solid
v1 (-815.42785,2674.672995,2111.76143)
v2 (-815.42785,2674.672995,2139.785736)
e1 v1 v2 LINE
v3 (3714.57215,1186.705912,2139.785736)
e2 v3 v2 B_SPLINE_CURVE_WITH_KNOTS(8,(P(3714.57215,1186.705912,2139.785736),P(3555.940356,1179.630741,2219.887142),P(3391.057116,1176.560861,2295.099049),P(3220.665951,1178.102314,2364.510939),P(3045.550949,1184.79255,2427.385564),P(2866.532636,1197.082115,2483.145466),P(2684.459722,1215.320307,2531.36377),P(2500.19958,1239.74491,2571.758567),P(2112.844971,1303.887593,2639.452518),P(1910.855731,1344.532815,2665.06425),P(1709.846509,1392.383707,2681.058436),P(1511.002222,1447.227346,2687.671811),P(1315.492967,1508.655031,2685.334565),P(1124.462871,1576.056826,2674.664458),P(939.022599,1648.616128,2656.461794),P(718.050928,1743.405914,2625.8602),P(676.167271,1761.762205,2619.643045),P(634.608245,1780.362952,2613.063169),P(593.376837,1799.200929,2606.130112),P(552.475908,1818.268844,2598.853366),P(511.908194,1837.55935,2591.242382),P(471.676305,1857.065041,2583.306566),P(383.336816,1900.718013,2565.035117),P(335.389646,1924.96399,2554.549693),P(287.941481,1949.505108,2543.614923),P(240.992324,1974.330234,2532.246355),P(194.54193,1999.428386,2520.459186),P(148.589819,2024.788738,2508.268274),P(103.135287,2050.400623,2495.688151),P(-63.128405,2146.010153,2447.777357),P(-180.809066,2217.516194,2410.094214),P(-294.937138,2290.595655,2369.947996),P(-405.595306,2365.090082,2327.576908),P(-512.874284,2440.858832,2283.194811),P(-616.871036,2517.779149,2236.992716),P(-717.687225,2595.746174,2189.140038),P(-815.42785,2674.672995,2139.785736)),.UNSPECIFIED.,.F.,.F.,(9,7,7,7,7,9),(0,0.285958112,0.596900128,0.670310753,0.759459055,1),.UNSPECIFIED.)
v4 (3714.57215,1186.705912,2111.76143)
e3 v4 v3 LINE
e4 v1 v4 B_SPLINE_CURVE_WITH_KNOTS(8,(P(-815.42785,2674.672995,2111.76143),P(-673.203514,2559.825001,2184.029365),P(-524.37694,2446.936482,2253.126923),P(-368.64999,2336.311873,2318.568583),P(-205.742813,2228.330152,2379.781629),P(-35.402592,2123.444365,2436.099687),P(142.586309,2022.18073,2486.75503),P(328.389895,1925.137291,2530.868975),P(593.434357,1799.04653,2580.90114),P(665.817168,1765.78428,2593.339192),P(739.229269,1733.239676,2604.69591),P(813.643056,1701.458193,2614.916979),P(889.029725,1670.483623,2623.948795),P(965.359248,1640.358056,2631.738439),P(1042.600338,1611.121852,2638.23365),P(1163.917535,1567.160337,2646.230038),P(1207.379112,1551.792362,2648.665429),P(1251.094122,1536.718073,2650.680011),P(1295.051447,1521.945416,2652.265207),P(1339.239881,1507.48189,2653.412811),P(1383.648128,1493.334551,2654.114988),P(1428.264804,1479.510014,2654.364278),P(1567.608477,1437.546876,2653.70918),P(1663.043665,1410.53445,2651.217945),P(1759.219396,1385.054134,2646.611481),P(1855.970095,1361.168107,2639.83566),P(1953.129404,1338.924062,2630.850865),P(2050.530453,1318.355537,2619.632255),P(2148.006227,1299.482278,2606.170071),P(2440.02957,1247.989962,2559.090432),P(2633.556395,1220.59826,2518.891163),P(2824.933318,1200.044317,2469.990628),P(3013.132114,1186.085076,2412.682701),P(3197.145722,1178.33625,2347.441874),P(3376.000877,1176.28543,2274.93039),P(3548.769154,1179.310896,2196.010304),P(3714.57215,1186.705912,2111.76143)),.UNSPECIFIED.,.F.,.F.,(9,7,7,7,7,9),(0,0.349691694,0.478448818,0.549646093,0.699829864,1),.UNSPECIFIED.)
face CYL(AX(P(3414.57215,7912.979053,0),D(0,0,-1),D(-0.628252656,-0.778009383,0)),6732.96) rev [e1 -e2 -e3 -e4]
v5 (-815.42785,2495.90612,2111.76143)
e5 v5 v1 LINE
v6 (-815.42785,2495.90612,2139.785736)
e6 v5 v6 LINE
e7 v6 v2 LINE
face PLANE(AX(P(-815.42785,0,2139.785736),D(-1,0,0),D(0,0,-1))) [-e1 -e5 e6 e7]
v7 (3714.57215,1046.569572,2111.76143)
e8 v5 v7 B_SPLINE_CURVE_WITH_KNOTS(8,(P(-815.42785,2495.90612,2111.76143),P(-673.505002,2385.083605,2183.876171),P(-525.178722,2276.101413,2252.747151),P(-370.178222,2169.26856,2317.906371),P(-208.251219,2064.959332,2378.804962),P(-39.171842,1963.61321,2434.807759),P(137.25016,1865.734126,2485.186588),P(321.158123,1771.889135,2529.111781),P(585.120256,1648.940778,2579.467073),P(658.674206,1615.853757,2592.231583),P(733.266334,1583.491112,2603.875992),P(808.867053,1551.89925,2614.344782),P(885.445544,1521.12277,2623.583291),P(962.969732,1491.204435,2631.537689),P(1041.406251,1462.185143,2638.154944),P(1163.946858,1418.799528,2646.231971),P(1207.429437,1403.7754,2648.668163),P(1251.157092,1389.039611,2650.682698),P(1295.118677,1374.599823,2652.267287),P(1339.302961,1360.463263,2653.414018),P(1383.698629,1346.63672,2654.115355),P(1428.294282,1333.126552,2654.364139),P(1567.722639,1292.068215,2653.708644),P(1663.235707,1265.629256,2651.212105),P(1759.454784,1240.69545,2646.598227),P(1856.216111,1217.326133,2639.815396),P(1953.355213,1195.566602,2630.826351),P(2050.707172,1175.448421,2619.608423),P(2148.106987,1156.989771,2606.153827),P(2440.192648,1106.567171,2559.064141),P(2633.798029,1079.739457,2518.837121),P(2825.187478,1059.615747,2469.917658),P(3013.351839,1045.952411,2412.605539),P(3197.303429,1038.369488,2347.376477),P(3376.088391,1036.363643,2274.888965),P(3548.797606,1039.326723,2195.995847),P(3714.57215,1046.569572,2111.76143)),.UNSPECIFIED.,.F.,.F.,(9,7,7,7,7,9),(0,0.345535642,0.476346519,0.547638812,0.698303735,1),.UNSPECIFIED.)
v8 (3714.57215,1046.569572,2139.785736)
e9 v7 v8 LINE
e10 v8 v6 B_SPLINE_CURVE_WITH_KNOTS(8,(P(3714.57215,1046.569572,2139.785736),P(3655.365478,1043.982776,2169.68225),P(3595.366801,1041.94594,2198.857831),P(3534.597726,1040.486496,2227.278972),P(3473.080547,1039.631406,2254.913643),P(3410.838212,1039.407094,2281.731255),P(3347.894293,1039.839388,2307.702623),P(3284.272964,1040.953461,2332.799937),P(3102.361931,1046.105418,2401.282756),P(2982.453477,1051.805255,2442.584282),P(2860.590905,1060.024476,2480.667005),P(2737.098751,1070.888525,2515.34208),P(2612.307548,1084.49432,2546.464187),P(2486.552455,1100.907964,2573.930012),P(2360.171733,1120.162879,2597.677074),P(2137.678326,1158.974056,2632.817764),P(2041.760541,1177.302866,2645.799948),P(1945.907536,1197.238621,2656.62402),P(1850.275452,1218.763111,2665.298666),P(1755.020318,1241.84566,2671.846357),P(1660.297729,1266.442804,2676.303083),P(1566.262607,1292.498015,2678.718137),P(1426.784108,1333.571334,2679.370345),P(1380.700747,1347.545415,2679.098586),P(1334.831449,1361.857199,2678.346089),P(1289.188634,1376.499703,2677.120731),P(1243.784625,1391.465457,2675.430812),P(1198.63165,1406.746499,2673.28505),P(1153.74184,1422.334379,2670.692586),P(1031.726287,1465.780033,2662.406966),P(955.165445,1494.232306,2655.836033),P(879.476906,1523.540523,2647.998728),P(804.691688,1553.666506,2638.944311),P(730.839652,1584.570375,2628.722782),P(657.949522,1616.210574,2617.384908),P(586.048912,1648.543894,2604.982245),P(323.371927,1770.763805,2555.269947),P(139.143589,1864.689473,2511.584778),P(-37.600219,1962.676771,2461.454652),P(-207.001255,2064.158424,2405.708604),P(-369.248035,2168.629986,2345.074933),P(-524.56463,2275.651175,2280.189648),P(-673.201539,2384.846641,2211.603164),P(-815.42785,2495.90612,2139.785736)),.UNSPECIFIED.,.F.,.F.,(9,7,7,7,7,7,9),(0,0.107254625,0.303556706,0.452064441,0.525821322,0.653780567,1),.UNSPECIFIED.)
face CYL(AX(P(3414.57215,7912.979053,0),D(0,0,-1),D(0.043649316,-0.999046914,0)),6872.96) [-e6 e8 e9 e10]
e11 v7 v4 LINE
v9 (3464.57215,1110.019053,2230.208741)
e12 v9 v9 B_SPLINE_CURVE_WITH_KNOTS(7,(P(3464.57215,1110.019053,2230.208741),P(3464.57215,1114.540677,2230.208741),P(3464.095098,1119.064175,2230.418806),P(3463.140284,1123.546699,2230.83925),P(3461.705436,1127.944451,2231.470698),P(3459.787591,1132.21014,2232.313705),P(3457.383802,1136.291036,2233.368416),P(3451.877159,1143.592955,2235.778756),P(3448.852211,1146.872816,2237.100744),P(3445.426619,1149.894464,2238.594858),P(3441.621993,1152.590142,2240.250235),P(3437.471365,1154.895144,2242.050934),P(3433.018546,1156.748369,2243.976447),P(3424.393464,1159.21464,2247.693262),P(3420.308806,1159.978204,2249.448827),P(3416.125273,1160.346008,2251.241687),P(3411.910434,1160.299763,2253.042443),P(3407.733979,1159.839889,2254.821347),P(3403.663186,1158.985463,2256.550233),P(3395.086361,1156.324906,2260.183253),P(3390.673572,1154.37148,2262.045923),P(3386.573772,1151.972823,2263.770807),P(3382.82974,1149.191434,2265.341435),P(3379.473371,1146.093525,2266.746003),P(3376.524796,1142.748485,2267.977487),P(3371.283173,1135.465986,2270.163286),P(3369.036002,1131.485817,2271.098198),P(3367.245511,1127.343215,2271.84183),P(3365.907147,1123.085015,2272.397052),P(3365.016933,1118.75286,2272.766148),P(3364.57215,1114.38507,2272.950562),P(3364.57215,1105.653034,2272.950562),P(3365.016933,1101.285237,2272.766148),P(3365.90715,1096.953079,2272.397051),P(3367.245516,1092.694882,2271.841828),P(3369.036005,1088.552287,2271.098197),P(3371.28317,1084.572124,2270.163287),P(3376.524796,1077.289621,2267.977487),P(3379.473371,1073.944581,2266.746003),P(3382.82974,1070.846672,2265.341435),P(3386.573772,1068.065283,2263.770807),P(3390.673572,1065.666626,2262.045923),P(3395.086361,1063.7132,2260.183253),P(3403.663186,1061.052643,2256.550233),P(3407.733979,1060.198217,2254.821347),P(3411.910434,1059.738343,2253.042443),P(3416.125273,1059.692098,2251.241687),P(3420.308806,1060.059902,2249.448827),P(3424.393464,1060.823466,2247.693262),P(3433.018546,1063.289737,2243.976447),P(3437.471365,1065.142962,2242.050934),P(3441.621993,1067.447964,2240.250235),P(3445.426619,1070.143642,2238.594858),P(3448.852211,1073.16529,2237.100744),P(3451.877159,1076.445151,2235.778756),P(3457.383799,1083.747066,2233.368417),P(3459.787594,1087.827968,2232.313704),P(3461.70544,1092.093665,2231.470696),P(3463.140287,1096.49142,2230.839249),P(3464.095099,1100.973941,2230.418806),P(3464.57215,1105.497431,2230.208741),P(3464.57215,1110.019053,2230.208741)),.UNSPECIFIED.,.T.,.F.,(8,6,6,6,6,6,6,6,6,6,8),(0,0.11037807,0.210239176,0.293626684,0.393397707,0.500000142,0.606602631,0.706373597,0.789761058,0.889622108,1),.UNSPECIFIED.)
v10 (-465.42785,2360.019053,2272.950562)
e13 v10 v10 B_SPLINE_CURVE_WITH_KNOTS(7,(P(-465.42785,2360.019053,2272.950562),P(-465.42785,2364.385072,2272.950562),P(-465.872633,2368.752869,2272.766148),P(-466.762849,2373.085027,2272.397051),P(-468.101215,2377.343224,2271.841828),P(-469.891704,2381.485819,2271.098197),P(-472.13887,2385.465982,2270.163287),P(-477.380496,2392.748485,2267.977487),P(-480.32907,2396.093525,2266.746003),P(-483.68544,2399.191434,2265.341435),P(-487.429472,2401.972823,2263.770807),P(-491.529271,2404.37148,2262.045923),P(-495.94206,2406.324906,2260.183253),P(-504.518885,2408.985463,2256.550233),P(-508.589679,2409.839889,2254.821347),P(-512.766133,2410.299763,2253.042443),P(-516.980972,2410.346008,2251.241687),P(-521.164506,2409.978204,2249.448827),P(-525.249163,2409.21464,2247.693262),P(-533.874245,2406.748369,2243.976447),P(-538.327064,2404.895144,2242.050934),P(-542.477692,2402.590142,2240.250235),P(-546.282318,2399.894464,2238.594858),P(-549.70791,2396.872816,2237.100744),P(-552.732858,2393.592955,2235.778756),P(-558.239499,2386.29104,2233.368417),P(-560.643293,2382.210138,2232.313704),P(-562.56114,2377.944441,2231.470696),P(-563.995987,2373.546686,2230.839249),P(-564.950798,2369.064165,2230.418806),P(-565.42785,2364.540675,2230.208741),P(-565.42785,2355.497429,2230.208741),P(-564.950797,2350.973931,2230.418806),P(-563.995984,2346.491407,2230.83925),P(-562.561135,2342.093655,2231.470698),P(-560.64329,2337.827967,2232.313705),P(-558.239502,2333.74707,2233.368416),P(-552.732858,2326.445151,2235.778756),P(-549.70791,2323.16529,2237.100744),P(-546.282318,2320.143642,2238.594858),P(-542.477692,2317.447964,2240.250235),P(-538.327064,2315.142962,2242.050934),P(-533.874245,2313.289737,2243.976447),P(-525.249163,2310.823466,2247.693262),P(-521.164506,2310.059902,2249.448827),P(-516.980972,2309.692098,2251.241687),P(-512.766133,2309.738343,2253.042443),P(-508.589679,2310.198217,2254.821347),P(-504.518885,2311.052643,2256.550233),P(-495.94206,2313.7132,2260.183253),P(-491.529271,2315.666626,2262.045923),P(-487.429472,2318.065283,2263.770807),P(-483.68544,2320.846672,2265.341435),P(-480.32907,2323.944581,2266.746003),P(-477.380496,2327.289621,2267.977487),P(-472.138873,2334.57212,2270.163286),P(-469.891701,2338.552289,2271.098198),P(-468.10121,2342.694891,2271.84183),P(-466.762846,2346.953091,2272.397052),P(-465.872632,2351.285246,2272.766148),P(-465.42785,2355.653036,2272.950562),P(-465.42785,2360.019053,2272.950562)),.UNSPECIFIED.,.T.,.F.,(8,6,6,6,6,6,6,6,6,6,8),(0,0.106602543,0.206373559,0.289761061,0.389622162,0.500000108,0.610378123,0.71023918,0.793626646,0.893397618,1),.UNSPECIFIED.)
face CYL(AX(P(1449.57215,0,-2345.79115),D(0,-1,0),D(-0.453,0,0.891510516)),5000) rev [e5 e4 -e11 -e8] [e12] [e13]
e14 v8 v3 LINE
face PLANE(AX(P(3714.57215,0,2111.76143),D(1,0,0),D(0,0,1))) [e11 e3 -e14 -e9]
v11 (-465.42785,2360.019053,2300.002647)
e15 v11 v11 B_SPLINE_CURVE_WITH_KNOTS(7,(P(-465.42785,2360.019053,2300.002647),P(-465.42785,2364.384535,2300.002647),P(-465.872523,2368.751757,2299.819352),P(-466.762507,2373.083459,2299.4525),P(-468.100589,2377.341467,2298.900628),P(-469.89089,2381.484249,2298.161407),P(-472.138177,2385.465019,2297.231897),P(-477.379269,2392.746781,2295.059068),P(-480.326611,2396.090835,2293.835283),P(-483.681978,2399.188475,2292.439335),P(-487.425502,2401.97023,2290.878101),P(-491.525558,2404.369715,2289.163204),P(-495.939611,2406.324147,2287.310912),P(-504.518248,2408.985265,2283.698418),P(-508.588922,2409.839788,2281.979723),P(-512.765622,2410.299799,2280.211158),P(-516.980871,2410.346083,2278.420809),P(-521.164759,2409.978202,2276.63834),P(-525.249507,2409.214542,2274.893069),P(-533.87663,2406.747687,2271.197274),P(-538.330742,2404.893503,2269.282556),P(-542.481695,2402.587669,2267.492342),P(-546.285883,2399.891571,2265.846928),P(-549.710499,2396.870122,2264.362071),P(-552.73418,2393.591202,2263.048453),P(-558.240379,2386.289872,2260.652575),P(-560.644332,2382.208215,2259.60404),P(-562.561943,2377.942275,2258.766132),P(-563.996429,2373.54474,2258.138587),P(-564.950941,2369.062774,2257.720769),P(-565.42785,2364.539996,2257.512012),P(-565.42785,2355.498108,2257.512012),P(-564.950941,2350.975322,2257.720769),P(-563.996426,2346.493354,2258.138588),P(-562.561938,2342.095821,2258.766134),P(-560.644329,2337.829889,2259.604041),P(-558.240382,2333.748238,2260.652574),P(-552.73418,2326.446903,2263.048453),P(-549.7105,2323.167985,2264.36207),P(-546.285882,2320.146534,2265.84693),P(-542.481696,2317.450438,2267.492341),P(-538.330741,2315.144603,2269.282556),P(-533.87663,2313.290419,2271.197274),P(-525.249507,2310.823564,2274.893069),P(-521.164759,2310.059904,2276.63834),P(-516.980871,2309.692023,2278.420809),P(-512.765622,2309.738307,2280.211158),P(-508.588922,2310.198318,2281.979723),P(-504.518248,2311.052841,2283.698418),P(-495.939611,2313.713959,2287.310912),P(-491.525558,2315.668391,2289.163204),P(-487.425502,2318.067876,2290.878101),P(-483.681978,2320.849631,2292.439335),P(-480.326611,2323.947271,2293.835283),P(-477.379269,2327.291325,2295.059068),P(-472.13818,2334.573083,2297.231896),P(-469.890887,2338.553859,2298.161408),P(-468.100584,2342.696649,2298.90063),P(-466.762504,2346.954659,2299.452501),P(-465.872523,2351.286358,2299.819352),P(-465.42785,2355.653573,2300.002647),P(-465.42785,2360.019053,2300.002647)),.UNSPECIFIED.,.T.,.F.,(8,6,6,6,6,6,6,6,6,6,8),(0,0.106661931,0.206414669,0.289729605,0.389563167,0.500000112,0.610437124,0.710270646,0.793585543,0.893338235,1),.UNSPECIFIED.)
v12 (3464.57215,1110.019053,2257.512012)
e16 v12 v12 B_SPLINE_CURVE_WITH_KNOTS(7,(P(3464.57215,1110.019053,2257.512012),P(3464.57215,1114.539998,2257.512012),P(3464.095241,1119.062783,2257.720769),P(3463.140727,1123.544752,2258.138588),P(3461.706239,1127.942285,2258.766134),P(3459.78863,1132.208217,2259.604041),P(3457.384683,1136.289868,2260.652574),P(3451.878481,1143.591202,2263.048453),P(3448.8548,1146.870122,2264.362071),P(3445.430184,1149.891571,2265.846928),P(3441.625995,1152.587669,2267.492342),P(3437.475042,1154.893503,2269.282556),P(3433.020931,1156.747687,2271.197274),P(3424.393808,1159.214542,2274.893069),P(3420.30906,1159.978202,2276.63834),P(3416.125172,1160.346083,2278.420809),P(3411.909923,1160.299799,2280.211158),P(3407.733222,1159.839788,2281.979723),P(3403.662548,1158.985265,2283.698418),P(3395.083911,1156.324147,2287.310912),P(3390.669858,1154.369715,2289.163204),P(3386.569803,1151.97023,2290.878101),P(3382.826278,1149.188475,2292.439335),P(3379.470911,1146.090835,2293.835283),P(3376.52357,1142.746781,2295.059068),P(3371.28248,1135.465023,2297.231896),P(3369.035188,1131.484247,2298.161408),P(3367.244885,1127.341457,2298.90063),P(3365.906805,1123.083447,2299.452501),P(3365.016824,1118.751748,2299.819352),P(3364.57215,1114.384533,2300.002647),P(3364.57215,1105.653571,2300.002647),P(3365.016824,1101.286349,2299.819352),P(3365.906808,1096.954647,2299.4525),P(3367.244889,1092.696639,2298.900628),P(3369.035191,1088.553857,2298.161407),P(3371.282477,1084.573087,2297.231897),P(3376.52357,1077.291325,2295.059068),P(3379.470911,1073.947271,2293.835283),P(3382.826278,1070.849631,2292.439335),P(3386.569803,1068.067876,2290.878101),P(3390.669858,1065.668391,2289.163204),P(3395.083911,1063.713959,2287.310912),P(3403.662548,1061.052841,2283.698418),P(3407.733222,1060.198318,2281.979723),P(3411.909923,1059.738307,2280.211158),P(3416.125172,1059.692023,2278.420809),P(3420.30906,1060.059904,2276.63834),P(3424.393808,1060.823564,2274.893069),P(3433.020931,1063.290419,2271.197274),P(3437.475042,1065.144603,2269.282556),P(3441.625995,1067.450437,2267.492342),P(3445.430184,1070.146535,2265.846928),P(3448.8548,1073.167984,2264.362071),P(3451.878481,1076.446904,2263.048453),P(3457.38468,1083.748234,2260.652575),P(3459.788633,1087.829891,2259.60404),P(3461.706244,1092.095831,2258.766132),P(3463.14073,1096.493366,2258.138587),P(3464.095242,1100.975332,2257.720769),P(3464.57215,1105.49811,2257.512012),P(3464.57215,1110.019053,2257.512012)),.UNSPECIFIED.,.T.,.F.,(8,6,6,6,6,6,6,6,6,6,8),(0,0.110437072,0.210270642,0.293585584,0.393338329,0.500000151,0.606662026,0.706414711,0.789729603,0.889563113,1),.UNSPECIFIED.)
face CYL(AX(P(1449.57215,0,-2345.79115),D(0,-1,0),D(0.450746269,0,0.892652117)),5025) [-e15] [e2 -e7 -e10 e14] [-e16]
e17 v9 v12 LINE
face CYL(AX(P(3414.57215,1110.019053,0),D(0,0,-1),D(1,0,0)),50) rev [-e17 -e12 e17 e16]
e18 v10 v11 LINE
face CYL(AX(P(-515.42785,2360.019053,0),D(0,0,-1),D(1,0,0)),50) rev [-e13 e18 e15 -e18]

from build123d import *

# Parameters (mm, degrees)
BOSS_EXTRUDE1_DEPTH = 3000
SKETCH3_OUTSIDE_W   = 5624.574
SKETCH3_OUTSIDE_H   = 4094.574
SKETCH3_OUTSIDE_R   = 50
CUT_EXTRUDE1_DEPTH  = 3000


with BuildPart() as part:
    # Sketch2 → Boss-Extrude1 (new body)
    with BuildSketch(Plane(origin=(0, 0, 0), x_dir=(1, 0, 0), z_dir=(0, 1, 0))):
        with BuildLine():
            Line((3714.57215032, -2111.76142974), (3714.57215032, -2139.785736105))
            ThreePointArc((3714.57215032, -2139.785736105), (1449.57215032, -2679.208850129), (-815.42784968, -2139.785736105))
            Line((-815.42784968, -2139.785736105), (-815.42784968, -2111.76142974))
            ThreePointArc((-815.42784968, -2111.76142974), (1449.57215032, -2654.208850129), (3714.57215032, -2111.76142974))
        make_face()
    extrude(amount=BOSS_EXTRUDE1_DEPTH)

    # Sketch3 outside → Cut-Extrude1 (cut)
    with BuildSketch(Plane.XY):
        with Locations((1449.572, 1500)):
            Rectangle(SKETCH3_OUTSIDE_W, SKETCH3_OUTSIDE_H)
        with BuildLine():
            Line((-815.42784968, 2495.906119987), (-815.42784968, 2674.67299459))
            ThreePointArc((-815.42784968, 2674.67299459), (1313.444712633, 1516.260061816), (3714.57215032, 1186.705912429))
            Line((3714.57215032, 1186.705912429), (3714.57215032, 1046.569571941))
            ThreePointArc((3714.57215032, 1046.569571941), (1320.206110828, 1366.895486913), (-815.42784968, 2495.906119987))
        make_face(mode=Mode.SUBTRACT)
        with Locations((-515.42784968, 2360.019053002)):
            Circle(SKETCH3_OUTSIDE_R)
        with Locations((3414.57215032, 1110.019053002)):
            Circle(SKETCH3_OUTSIDE_R)
    extrude(amount=CUT_EXTRUDE1_DEPTH, mode=Mode.SUBTRACT)


solid = part.part
